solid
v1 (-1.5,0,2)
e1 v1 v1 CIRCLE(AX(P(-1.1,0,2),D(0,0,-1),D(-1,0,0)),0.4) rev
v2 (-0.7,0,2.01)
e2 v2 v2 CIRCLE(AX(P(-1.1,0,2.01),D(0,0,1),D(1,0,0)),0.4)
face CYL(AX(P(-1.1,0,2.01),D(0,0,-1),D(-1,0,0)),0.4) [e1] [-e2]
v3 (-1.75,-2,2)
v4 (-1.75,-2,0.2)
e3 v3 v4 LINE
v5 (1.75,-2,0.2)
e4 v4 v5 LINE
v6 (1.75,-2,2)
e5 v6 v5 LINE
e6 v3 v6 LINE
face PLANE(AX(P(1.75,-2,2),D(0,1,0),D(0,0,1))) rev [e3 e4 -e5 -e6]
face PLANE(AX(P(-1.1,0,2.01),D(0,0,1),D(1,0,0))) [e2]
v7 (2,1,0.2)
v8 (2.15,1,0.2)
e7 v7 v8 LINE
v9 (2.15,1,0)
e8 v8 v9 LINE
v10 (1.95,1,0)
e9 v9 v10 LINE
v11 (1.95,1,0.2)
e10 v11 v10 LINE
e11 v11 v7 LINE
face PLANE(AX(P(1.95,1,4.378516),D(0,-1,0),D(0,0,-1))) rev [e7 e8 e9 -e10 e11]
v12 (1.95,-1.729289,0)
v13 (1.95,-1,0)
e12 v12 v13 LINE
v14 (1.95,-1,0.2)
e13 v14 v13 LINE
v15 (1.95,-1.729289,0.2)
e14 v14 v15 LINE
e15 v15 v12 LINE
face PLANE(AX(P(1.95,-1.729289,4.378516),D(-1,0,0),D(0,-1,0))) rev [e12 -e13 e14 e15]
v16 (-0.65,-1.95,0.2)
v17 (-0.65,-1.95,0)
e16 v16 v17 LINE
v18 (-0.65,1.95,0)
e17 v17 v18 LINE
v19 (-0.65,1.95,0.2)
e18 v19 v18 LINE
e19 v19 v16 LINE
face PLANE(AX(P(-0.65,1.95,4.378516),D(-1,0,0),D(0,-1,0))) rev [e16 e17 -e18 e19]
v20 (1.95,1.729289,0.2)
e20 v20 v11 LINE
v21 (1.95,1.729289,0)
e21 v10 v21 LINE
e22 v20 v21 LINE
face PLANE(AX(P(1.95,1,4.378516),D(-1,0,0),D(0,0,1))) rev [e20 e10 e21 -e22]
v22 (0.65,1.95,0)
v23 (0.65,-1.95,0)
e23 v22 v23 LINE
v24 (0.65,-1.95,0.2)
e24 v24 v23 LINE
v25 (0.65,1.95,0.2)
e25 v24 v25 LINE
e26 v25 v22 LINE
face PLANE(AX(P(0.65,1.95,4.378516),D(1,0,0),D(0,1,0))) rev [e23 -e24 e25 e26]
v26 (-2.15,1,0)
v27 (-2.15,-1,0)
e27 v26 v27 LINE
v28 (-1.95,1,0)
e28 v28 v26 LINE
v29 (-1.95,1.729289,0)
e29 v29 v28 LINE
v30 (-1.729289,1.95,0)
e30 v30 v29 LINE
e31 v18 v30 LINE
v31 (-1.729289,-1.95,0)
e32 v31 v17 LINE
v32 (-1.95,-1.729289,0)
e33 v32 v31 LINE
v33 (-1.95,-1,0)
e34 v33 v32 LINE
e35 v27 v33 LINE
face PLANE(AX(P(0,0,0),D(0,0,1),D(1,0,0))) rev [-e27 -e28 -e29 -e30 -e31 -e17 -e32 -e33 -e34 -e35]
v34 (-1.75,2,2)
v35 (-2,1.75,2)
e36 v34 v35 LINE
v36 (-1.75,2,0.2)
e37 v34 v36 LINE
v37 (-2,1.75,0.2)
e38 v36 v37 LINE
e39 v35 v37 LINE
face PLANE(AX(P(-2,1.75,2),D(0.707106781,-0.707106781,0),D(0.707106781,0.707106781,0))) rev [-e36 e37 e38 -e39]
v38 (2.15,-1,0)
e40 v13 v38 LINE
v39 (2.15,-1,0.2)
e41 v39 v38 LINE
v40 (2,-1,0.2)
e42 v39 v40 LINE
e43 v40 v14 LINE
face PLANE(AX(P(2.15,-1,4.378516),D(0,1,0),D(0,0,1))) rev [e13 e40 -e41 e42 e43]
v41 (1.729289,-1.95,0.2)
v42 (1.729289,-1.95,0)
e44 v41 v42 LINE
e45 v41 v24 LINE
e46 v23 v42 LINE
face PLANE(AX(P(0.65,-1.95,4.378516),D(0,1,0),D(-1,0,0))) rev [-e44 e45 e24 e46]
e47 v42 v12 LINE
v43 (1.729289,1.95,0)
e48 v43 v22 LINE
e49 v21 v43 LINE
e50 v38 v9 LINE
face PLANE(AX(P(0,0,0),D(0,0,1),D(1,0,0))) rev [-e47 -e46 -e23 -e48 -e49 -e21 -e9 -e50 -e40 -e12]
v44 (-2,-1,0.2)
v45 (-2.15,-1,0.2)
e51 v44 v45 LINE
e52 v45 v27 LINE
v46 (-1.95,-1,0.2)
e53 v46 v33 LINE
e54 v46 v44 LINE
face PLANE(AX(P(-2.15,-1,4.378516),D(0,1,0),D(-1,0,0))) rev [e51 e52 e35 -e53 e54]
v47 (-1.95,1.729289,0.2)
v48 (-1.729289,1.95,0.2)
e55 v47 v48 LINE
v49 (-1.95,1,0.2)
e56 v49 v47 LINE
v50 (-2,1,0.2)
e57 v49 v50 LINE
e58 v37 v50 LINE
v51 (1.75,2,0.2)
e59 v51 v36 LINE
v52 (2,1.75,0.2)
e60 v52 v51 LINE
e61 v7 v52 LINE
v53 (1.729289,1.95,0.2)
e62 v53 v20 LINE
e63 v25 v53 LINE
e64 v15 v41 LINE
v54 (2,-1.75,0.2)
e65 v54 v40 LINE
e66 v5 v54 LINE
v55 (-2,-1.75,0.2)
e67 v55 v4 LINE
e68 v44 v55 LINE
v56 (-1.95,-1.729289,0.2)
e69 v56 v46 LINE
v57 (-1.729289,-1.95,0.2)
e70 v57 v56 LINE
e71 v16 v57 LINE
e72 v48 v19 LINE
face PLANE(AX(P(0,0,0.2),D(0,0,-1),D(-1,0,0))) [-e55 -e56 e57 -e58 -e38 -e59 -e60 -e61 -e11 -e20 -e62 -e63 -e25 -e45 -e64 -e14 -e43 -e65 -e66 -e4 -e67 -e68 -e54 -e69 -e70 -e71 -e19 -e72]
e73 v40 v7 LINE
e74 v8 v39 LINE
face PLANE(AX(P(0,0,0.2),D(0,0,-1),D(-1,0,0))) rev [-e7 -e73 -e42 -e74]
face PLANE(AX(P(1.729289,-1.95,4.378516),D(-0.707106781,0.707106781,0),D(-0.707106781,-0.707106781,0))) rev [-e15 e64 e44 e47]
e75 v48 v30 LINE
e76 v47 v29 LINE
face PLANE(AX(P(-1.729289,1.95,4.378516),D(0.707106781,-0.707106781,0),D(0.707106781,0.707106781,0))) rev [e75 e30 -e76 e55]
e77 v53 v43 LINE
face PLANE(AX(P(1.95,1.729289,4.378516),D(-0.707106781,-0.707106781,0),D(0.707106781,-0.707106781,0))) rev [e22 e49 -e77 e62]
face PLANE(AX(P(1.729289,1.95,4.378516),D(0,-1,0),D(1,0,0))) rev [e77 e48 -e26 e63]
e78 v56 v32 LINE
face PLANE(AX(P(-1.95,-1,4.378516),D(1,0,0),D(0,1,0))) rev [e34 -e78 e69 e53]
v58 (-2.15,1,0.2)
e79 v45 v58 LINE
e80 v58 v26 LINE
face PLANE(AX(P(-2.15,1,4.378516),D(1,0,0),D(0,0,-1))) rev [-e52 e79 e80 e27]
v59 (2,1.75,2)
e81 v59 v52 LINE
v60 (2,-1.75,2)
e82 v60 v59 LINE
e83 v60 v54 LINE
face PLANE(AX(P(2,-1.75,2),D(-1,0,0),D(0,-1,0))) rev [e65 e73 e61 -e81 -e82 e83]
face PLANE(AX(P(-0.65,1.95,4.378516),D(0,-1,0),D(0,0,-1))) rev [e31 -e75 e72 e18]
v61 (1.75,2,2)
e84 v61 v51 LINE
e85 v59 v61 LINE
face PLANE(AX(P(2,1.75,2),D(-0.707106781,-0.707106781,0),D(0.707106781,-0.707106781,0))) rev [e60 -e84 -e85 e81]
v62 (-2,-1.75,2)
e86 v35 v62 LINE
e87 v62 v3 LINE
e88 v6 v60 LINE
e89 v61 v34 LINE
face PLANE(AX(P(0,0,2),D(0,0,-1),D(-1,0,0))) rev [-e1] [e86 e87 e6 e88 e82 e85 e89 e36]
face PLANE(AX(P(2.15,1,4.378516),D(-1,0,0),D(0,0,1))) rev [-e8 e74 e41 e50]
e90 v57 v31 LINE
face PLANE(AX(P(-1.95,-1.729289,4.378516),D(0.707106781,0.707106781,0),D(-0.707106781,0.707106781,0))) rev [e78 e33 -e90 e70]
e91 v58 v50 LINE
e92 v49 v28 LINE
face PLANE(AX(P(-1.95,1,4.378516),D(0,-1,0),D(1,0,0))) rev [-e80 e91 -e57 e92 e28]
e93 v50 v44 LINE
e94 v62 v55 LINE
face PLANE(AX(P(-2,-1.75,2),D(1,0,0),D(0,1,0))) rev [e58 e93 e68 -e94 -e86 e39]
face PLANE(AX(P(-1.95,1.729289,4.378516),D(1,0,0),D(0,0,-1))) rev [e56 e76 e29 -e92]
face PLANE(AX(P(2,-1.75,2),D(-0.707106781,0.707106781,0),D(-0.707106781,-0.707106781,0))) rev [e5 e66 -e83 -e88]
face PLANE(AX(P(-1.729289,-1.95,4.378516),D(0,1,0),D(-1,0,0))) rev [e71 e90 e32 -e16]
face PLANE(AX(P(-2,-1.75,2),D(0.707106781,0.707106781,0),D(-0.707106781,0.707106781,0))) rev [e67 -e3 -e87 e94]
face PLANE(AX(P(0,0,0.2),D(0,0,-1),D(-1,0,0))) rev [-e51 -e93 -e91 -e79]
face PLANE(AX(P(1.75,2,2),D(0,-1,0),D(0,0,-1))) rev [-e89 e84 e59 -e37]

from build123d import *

# Parameters (mm, degrees)
BODY_START  = 0.2
BODY_DEPTH  = 1.8
PINS_DEPTH  = 0.2
ESQUISSE3_R = 0.4
MARK_DEPTH  = 0.01


with BuildPart() as part:
    # Esquisse1 → body (new body)
    with BuildSketch(Plane.XY.offset(BODY_START)):
        Polygon((2, -1.75), (2, 1.75), (1.75, 2), (-1.75, 2), (-2, 1.75), (-2, -1.75), (-1.75, -2), (1.75, -2), align=None)
    extrude(amount=BODY_DEPTH)

    # Esquisse2 → pins (add)
    with BuildSketch(Plane.XY):
        Polygon((0.65, 1.95), (0.65, -1.95), (1.729289322, -1.95), (1.95, -1.729289322), (1.95, -1), (2.15, -1), (2.15, 1), (1.95, 1), (1.95, 1.729289322), (1.729289322, 1.95), align=None)
        Polygon((-0.65, 1.95), (-0.65, -1.95), (-1.729289322, -1.95), (-1.95, -1.729289322), (-1.95, -1), (-2.15, -1), (-2.15, 1), (-1.95, 1), (-1.95, 1.729289322), (-1.729289322, 1.95), align=None)
    extrude(amount=PINS_DEPTH)

    # Esquisse3 → mark (add)
    with BuildSketch(Plane.XY.offset(2)):
        with Locations(Location((-1.1, 0, 0), (0, 0, 180))):
            Circle(ESQUISSE3_R)
    extrude(amount=MARK_DEPTH)


solid = part.part
